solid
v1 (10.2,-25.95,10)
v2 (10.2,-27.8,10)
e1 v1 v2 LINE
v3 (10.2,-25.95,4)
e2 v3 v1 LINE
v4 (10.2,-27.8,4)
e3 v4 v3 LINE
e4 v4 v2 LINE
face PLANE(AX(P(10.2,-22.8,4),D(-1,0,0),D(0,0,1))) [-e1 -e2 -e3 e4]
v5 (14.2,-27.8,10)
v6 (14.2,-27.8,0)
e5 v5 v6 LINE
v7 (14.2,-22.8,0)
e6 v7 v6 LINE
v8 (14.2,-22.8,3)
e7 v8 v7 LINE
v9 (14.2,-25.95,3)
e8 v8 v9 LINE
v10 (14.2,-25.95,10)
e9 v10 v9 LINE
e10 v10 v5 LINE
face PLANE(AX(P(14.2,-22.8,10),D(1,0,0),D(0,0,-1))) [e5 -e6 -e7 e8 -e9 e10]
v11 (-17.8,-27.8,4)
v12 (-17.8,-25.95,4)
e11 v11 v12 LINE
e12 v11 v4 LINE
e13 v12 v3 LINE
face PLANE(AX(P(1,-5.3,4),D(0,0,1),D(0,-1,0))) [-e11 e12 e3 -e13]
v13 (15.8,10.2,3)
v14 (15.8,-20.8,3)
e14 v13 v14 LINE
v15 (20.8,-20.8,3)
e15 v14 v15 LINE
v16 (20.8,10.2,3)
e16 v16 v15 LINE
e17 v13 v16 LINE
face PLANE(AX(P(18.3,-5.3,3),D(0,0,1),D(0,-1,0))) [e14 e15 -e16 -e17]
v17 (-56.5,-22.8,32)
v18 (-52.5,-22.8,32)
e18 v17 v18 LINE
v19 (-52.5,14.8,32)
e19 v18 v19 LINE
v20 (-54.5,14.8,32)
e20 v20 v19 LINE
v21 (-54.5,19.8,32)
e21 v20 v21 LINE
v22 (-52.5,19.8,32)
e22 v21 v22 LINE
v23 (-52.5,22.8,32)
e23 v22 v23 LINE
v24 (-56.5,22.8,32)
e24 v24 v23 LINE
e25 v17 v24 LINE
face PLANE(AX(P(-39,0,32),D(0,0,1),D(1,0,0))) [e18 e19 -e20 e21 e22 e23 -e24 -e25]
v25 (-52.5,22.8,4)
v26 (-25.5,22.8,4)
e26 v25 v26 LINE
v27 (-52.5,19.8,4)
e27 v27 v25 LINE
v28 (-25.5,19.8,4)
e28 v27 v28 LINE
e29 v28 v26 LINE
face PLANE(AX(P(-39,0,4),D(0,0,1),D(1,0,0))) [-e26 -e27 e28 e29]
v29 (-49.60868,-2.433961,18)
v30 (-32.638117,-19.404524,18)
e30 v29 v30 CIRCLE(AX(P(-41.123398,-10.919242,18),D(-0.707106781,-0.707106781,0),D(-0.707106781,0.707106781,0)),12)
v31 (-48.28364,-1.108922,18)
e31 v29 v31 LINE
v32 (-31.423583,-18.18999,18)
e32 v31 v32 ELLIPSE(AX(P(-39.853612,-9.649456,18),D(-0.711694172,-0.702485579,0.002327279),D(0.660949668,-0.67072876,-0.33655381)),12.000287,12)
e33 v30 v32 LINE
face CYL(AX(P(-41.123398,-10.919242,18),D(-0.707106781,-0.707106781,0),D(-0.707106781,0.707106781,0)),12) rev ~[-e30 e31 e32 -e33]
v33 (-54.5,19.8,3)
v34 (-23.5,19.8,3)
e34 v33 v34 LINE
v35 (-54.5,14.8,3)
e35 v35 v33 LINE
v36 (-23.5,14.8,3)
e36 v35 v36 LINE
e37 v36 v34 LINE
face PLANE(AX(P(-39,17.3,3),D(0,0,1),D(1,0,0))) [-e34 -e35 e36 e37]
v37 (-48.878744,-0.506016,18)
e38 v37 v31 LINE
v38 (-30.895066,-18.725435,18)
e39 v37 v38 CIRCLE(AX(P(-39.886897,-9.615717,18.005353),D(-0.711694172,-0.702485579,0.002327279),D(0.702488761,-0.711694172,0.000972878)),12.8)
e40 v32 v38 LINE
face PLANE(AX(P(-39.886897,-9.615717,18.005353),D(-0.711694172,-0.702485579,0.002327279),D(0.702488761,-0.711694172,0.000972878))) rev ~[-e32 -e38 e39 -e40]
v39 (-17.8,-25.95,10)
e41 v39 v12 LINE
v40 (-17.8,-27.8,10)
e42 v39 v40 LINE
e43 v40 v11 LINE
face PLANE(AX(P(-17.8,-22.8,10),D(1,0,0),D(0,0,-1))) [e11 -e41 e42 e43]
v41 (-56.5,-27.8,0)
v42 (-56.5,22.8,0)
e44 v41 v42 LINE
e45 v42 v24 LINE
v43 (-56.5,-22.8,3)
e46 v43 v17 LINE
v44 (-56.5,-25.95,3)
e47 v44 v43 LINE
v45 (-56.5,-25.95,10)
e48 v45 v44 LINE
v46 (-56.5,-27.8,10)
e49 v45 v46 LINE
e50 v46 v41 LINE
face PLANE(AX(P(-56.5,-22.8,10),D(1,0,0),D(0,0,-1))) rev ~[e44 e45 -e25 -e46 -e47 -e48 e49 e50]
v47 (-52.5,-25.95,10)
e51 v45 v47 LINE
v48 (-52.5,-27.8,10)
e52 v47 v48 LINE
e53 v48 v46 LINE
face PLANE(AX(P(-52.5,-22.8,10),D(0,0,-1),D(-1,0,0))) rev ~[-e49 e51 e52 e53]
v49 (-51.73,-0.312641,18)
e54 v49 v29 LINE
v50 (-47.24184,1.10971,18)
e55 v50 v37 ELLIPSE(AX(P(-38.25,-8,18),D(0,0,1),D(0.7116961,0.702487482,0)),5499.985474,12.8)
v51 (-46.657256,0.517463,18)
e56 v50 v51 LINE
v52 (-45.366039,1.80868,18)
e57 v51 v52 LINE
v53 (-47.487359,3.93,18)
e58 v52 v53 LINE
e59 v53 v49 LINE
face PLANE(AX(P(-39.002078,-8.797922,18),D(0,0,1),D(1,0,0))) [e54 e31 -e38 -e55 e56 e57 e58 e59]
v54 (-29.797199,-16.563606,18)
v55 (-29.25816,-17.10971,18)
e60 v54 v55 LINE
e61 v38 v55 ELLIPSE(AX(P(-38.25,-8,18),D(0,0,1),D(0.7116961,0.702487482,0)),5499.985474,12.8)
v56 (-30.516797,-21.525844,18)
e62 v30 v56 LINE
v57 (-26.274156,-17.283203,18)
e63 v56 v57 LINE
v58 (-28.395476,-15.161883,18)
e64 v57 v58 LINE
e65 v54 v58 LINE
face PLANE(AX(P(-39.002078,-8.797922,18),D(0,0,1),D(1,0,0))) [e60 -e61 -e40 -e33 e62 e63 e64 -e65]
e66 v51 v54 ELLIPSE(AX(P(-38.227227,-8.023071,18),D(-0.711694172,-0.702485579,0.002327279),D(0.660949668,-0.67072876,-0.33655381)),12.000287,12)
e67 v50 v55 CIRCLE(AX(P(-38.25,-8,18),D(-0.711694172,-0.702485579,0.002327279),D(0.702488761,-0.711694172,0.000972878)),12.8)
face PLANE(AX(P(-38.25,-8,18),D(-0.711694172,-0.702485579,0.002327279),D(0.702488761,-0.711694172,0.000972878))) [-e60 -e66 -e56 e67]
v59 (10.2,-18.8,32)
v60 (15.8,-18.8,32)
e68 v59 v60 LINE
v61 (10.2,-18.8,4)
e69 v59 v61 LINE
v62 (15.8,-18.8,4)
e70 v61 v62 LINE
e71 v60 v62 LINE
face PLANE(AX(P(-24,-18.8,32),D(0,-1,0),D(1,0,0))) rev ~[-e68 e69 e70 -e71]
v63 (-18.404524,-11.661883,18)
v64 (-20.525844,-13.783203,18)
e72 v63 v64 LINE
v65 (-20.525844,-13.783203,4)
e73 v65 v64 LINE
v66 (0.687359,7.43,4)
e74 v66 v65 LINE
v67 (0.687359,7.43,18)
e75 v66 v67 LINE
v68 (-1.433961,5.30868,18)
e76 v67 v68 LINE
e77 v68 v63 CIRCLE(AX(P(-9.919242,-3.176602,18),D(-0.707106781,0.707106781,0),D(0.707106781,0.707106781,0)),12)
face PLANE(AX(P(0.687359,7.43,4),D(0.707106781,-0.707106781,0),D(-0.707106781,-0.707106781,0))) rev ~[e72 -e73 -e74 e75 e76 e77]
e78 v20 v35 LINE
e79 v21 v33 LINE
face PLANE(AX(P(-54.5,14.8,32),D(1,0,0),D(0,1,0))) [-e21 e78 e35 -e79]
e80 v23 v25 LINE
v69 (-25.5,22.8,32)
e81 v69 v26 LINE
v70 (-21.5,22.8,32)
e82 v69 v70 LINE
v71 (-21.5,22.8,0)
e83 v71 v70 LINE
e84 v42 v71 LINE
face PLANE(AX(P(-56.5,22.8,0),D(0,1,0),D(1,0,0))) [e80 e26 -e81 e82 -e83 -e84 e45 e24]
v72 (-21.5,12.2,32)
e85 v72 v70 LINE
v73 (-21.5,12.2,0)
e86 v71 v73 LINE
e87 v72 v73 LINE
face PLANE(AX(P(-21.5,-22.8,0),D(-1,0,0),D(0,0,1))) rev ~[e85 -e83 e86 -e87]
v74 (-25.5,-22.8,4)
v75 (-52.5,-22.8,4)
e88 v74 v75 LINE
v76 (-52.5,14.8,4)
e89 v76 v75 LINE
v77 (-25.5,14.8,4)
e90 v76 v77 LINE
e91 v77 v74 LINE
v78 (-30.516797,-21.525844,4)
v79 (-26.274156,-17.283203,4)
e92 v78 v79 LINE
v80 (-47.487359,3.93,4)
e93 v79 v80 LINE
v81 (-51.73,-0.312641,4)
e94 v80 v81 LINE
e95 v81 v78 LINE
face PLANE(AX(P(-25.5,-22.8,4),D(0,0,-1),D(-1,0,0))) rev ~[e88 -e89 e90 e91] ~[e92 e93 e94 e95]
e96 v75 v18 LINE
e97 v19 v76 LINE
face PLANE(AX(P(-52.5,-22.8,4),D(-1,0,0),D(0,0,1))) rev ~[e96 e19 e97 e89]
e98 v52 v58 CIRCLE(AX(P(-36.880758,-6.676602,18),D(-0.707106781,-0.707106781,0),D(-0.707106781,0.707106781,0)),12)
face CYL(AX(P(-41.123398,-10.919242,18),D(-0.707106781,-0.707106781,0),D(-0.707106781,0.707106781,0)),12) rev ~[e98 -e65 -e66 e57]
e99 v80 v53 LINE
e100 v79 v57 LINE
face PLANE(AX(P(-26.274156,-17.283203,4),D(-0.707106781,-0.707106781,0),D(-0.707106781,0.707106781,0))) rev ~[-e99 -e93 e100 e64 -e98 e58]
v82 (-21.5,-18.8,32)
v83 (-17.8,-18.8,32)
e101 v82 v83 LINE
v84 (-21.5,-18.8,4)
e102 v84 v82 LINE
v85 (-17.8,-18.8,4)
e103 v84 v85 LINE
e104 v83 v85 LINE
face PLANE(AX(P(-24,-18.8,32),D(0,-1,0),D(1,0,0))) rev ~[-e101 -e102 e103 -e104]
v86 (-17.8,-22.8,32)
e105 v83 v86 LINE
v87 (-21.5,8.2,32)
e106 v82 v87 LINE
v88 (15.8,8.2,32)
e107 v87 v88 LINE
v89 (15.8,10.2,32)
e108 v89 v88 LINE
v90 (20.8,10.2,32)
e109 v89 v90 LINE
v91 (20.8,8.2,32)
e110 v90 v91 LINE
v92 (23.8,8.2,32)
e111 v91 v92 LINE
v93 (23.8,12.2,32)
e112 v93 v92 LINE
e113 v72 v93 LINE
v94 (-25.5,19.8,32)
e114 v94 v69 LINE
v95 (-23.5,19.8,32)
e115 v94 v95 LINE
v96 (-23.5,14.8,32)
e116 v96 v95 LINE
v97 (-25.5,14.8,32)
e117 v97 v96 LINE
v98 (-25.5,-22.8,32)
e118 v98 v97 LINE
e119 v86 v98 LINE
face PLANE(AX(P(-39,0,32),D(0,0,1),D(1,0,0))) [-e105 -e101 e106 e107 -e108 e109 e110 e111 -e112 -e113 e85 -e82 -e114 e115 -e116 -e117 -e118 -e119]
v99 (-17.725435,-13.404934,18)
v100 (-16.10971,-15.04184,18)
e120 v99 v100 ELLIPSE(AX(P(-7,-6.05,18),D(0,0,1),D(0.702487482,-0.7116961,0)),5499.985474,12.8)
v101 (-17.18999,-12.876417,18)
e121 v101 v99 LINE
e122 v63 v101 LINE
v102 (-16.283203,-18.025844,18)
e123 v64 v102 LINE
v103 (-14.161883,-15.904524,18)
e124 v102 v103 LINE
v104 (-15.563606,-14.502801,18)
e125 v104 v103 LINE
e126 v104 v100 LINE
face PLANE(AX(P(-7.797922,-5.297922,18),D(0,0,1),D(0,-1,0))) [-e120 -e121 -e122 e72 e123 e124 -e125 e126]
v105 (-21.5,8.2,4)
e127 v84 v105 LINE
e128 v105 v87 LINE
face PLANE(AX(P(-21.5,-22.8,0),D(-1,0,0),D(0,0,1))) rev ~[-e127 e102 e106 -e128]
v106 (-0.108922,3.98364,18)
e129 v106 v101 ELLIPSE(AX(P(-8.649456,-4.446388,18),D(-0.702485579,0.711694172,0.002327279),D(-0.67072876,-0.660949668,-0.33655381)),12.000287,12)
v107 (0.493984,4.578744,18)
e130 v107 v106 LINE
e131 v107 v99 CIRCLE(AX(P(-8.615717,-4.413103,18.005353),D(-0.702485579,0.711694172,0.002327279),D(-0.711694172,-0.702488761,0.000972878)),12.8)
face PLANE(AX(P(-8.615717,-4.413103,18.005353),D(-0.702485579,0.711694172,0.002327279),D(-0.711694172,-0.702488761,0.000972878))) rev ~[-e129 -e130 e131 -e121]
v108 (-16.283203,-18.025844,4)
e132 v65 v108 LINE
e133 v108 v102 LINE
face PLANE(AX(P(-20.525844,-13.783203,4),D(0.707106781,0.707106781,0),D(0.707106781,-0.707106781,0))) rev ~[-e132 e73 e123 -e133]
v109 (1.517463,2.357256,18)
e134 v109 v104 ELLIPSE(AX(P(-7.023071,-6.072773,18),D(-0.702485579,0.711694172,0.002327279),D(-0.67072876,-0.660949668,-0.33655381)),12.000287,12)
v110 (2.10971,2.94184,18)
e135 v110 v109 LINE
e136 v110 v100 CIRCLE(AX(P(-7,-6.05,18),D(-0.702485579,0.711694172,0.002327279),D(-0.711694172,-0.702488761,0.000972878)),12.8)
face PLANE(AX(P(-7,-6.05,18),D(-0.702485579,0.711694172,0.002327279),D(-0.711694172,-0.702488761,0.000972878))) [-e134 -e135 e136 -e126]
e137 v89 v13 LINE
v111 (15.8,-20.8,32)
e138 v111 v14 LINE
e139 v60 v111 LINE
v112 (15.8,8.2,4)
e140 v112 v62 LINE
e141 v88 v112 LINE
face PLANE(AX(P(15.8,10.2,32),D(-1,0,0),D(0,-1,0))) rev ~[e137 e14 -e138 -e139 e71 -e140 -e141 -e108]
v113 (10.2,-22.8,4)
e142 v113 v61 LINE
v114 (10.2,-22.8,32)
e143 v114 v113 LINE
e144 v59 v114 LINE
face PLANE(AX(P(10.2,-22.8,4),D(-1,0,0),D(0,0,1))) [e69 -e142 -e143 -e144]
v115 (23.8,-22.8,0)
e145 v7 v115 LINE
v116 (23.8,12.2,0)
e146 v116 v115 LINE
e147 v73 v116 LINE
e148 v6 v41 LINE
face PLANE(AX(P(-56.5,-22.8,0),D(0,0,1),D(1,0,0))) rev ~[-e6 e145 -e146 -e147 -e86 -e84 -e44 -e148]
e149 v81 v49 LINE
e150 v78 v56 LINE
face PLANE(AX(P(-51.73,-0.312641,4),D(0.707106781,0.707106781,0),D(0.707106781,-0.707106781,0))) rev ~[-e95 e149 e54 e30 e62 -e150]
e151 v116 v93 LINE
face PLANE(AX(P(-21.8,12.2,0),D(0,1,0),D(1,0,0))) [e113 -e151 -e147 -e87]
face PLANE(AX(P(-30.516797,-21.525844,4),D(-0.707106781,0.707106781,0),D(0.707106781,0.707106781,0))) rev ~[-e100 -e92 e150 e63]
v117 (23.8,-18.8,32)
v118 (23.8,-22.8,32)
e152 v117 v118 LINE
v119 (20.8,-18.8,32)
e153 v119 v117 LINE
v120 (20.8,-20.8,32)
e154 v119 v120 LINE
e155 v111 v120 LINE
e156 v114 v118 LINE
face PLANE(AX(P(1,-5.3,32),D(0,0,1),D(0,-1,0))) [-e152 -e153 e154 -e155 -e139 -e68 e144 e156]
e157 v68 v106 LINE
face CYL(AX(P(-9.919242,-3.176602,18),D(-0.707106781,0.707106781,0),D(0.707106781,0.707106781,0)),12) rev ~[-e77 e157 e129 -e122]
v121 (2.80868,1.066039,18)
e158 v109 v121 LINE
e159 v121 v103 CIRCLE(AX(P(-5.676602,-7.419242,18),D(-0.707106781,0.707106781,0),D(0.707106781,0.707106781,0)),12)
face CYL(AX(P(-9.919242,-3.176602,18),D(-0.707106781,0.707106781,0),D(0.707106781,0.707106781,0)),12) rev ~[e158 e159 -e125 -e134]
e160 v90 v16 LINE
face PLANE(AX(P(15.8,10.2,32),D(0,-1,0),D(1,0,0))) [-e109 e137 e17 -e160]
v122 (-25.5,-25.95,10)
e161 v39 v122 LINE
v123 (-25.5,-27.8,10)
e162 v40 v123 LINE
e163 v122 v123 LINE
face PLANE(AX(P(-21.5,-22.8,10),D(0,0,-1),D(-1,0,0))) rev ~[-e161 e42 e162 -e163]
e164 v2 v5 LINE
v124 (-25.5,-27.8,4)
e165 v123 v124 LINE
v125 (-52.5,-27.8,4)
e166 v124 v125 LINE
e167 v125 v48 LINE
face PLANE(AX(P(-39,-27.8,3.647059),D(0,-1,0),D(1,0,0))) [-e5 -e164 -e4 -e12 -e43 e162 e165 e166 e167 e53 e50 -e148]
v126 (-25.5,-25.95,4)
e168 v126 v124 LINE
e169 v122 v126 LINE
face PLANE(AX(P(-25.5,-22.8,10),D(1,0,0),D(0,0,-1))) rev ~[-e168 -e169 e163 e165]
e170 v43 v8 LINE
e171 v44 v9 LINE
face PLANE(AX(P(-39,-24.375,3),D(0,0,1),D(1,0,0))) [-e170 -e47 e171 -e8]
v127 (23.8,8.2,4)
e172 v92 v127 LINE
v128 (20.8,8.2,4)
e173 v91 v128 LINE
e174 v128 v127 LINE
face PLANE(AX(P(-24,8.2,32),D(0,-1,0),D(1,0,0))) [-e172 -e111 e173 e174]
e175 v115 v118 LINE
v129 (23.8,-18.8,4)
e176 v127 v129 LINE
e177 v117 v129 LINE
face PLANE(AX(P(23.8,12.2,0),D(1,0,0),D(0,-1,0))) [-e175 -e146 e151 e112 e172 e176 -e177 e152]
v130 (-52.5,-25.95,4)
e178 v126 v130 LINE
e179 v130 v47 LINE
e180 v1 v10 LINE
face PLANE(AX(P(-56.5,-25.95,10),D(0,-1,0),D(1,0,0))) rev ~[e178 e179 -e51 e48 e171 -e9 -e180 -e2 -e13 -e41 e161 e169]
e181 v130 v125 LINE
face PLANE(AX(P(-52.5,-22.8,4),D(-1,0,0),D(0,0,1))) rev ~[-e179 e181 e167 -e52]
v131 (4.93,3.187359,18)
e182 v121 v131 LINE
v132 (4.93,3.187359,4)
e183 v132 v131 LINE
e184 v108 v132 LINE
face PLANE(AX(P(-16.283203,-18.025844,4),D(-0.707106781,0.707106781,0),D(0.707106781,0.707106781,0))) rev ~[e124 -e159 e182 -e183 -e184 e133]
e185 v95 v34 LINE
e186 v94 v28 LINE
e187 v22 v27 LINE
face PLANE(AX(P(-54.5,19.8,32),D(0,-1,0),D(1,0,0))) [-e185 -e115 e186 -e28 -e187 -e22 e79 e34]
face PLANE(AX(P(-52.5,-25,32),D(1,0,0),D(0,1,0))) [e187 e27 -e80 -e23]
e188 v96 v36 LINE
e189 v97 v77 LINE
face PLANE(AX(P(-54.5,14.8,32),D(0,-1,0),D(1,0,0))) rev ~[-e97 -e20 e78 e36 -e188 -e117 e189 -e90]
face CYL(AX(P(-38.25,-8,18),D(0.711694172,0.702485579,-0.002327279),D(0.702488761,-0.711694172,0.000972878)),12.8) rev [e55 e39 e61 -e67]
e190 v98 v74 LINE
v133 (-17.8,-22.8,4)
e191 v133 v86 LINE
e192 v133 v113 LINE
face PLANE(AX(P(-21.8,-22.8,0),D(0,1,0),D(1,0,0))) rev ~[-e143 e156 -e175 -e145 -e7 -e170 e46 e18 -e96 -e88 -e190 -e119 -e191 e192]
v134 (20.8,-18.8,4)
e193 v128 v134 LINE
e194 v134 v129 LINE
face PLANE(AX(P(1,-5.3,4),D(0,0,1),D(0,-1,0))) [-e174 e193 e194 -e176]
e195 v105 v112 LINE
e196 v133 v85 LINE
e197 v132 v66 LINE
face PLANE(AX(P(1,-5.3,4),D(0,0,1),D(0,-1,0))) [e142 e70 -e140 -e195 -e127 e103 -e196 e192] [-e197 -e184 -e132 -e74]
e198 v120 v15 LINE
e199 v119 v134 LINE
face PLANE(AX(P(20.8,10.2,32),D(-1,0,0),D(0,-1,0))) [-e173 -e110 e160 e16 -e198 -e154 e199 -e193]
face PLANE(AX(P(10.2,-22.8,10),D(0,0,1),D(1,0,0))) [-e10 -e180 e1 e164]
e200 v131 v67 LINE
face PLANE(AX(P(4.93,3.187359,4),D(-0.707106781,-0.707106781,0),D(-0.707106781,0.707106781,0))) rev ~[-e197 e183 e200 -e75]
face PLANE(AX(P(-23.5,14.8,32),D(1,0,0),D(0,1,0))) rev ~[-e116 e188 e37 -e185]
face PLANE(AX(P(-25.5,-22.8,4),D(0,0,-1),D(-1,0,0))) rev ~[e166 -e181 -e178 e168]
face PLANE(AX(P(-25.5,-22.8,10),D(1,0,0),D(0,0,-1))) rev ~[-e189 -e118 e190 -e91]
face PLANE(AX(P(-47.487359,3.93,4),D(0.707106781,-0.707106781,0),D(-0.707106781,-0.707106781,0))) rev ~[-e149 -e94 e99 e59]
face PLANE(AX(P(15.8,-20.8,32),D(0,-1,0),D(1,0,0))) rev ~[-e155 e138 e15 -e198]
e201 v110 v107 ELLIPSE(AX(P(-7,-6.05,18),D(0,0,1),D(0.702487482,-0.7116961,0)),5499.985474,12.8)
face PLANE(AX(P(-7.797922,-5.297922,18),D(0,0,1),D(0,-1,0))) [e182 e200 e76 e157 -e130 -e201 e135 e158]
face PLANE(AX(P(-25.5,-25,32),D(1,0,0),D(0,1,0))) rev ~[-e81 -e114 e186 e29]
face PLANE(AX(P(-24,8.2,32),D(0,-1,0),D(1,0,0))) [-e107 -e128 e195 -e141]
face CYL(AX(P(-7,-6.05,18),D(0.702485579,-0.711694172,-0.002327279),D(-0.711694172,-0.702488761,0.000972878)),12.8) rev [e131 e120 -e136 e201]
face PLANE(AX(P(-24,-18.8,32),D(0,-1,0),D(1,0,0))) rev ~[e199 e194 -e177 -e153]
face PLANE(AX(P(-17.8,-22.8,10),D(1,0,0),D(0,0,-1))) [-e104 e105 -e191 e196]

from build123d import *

# Parameters (mm, degrees)
CYLINDER001_R               = 12.8
CYLINDER001_DEPTH           = 2.3
CYLINDER001_ROLL_ANGLE      = 89.8666565593
CYLINDER001_PITCH_ANGLE     = -0.0557418137
CYLINDER001_PLACEMENT_ANGLE = -45.3729530145
SKETCH022_W                 = 35
SKETCH022_H                 = 45.6
PAD010_DEPTH                = 32
SKETCH023_W                 = 27
SKETCH023_H                 = 50
POCKET008_DEPTH             = 28
SKETCH024_W                 = 31
SKETCH024_H                 = 5
POCKET009_DEPTH             = 29
PAD009_DEPTH                = 14
POCKET007_DEPTH             = 6
SKETCH028_W                 = 4
SKETCH028_H                 = 28
POCKET011_DEPTH             = 28
PAD012_DEPTH                = 5
SKETCH030_W                 = 3.15
SKETCH030_H                 = 36
POCKET012_DEPTH             = 7
CUT002_PLACEMENT_ANGLE      = 90
CYLINDER_R                  = 12.8
CYLINDER_DEPTH              = 2.3
CYLINDER_ROLL_ANGLE         = 89.8666565593
CYLINDER_PITCH_ANGLE        = -0.0557418137
CYLINDER_PLACEMENT_ANGLE    = -45.3729530145
SKETCH017_W                 = 35
SKETCH017_H                 = 45.6
PAD008_DEPTH                = 32
SKETCH018_W                 = 27
SKETCH018_H                 = 50
POCKET005_DEPTH             = 28
SKETCH019_W                 = 31
SKETCH019_H                 = 5
POCKET006_DEPTH             = 29
PAD_DEPTH                   = 14
POCKET_DEPTH                = 6
PAD011_DEPTH                = 5
SKETCH027_W                 = 35
SKETCH027_H                 = 3.15
POCKET010_DEPTH             = 7


with BuildPart() as dichroicfilter02:
    # Cylinder001 → Cylinder001 (new body)
    with BuildSketch(Plane.XY):
        Circle(CYLINDER001_R)
    extrude(amount=CYLINDER001_DEPTH)


with BuildPart() as dichroicfilter02_1:
    # Cylinder001 roll: moved
    add(dichroicfilter02.part.rotate(Axis((0, 0, 0), (1, 0, 0)), CYLINDER001_ROLL_ANGLE))


with BuildPart() as dichroicfilter02_2:
    # Cylinder001 pitch: moved
    add(dichroicfilter02_1.part.rotate(Axis((0, 0, 0), (0, 1, 0)), CYLINDER001_PITCH_ANGLE))


with BuildPart() as dichroicfilter02_3:
    # Cylinder001 placement: moved
    add(dichroicfilter02_2.part.moved(Location((-38.25, -74, 18))).rotate(Axis((-38.25, -74, 18), (0, 0, 1)), CYLINDER001_PLACEMENT_ANGLE))


with BuildPart() as base02:
    # Sketch022 → Pad010 (new body)
    with BuildSketch(Plane.XY):
        Rectangle(SKETCH022_W, SKETCH022_H)
    extrude(amount=PAD010_DEPTH)

    # Sketch023 (on Face6 of Pad010) → Pocket008 (cut)
    with BuildSketch(Plane.XY.offset(32)):
        Rectangle(SKETCH023_W, SKETCH023_H)
    extrude(amount=-POCKET008_DEPTH, mode=Mode.SUBTRACT)

    # Sketch024 (on Face4 of Pocket008) → Pocket009 (cut)
    with BuildSketch(Plane.XY.offset(32)):
        with Locations((0, 17.3)):
            Rectangle(SKETCH024_W, SKETCH024_H)
    extrude(amount=-POCKET009_DEPTH, mode=Mode.SUBTRACT)

    # Sketch021 (on Face17 of Pocket009) → Pad009 (join)
    with BuildSketch(Plane.XY.offset(4)):
        Polygon((-12.73, -0.3126406871), (8.4832034356, -21.5258441227), (12.7258441227, -17.2832034356), (-8.4873593129, 3.93), align=None)
    extrude(amount=PAD009_DEPTH)

    # Sketch025 (on Face19 of Pad009) → Pocket007 (cut)
    with BuildSketch(Plane(origin=(-6.5213203436, -6.5213203436, 0), x_dir=(0.7071067812, -0.7071067812, 0), z_dir=(-0.7071067812, -0.7071067812, 0))):
        with BuildLine():
            ThreePointArc((-5.7803989746, 18), (6.2196010254, 6), (18.2196010254, 18))
            Line((-5.7803989746, 18), (18.2196010254, 18))
        make_face()
    extrude(amount=-POCKET007_DEPTH, mode=Mode.SUBTRACT)

    # Sketch028 (on Face6 of Pocket007) → Pocket011 (cut)
    with BuildSketch(Plane.XY.offset(32)):
        with Locations((15.5, -4.8)):
            Rectangle(SKETCH028_W, SKETCH028_H)
    extrude(amount=-POCKET011_DEPTH, mode=Mode.SUBTRACT)

    # Sketch029 (on Face4 of Pocket011) → Pad012 (join)
    with BuildSketch(Plane.YZ.offset(17.5)):
        Polygon((-22.8, 0), (-22.8, 10), (-18.8, 10), (-18.8, 4), (9.2, 4), (9.2, 10), (13.2, 10), (13.2, 0), align=None)
    extrude(amount=PAD012_DEPTH)

    # Sketch030 (on Face30 of Pad012) → Pocket012 (cut)
    with BuildSketch(Plane.XY.offset(10)):
        with Locations((19.075, -4.8)):
            Rectangle(SKETCH030_W, SKETCH030_H)
    extrude(amount=-POCKET012_DEPTH, mode=Mode.SUBTRACT)


with BuildPart() as base02_1:
    # Body007 placement: moved
    add(base02.part.moved(Location((-39, -66, 0))))

    # Cut002: cut DichroicFilter02
    add(dichroicfilter02_3.part, mode=Mode.SUBTRACT)


with BuildPart() as base02_2:
    # Cut002 placement: moved
    add(base02_1.part.moved(Location((67, -44.3, 0))).rotate(Axis((67, -44.3, 0), (0, 0, -1)), CUT002_PLACEMENT_ANGLE))


with BuildPart() as dichroicfilter01:
    # Cylinder → Cylinder (new body)
    with BuildSketch(Plane.XY):
        Circle(CYLINDER_R)
    extrude(amount=CYLINDER_DEPTH)


with BuildPart() as dichroicfilter01_1:
    # Cylinder roll: moved
    add(dichroicfilter01.part.rotate(Axis((0, 0, 0), (1, 0, 0)), CYLINDER_ROLL_ANGLE))


with BuildPart() as dichroicfilter01_2:
    # Cylinder pitch: moved
    add(dichroicfilter01_1.part.rotate(Axis((0, 0, 0), (0, 1, 0)), CYLINDER_PITCH_ANGLE))


with BuildPart() as dichroicfilter01_3:
    # Cylinder placement: moved
    add(dichroicfilter01_2.part.moved(Location((-38.25, -8, 18))).rotate(Axis((-38.25, -8, 18), (0, 0, 1)), CYLINDER_PLACEMENT_ANGLE))


with BuildPart() as fullbase:
    # Sketch017 → Pad008 (new body)
    with BuildSketch(Plane.XY):
        Rectangle(SKETCH017_W, SKETCH017_H)
    extrude(amount=PAD008_DEPTH)

    # Sketch018 (on Face6 of Pad008) → Pocket005 (cut)
    with BuildSketch(Plane.XY.offset(32)):
        Rectangle(SKETCH018_W, SKETCH018_H)
    extrude(amount=-POCKET005_DEPTH, mode=Mode.SUBTRACT)

    # Sketch019 (on Face4 of Pocket005) → Pocket006 (cut)
    with BuildSketch(Plane.XY.offset(32)):
        with Locations((0, 17.3)):
            Rectangle(SKETCH019_W, SKETCH019_H)
    extrude(amount=-POCKET006_DEPTH, mode=Mode.SUBTRACT)

    # Sketch (on Face17 of Pocket006) → Pad (join)
    with BuildSketch(Plane.XY.offset(4)):
        Polygon((-12.73, -0.3126406871), (8.4832034356, -21.5258441227), (12.7258441227, -17.2832034356), (-8.4873593129, 3.93), align=None)
    extrude(amount=PAD_DEPTH)

    # Sketch020 (on Face19 of Pad) → Pocket (cut)
    with BuildSketch(Plane(origin=(-6.5213203436, -6.5213203436, 0), x_dir=(0.7071067812, -0.7071067812, 0), z_dir=(-0.7071067812, -0.7071067812, 0))):
        with BuildLine():
            ThreePointArc((-5.7803989746, 18), (6.2196010254, 6), (18.2196010254, 18))
            Line((-5.7803989746, 18), (18.2196010254, 18))
        make_face()
    extrude(amount=-POCKET_DEPTH, mode=Mode.SUBTRACT)

    # Sketch026 (on Face10 of Pocket) → Pad011 (join)
    with BuildSketch(Plane.XZ.offset(22.8)):
        Polygon((-17.5, 0), (17.5, 0), (17.5, 10), (13.5, 10), (13.5, 4), (-13.5, 4), (-13.5, 10), (-17.5, 10), align=None)
    extrude(amount=PAD011_DEPTH)

    # Sketch027 (on Face22 of Pad011) → Pocket010 (cut)
    with BuildSketch(Plane.XY.offset(10)):
        with Locations((0, -24.375)):
            Rectangle(SKETCH027_W, SKETCH027_H)
    extrude(amount=-POCKET010_DEPTH, mode=Mode.SUBTRACT)


with BuildPart() as fullbase_1:
    # Body006 placement: moved
    add(fullbase.part.moved(Location((-39, 0, 0))))

    # Cut001: cut DichroicFilter01
    add(dichroicfilter01_3.part, mode=Mode.SUBTRACT)

    # Fusion: union Base02
    add(base02_2.part)


solid = fullbase_1.part
